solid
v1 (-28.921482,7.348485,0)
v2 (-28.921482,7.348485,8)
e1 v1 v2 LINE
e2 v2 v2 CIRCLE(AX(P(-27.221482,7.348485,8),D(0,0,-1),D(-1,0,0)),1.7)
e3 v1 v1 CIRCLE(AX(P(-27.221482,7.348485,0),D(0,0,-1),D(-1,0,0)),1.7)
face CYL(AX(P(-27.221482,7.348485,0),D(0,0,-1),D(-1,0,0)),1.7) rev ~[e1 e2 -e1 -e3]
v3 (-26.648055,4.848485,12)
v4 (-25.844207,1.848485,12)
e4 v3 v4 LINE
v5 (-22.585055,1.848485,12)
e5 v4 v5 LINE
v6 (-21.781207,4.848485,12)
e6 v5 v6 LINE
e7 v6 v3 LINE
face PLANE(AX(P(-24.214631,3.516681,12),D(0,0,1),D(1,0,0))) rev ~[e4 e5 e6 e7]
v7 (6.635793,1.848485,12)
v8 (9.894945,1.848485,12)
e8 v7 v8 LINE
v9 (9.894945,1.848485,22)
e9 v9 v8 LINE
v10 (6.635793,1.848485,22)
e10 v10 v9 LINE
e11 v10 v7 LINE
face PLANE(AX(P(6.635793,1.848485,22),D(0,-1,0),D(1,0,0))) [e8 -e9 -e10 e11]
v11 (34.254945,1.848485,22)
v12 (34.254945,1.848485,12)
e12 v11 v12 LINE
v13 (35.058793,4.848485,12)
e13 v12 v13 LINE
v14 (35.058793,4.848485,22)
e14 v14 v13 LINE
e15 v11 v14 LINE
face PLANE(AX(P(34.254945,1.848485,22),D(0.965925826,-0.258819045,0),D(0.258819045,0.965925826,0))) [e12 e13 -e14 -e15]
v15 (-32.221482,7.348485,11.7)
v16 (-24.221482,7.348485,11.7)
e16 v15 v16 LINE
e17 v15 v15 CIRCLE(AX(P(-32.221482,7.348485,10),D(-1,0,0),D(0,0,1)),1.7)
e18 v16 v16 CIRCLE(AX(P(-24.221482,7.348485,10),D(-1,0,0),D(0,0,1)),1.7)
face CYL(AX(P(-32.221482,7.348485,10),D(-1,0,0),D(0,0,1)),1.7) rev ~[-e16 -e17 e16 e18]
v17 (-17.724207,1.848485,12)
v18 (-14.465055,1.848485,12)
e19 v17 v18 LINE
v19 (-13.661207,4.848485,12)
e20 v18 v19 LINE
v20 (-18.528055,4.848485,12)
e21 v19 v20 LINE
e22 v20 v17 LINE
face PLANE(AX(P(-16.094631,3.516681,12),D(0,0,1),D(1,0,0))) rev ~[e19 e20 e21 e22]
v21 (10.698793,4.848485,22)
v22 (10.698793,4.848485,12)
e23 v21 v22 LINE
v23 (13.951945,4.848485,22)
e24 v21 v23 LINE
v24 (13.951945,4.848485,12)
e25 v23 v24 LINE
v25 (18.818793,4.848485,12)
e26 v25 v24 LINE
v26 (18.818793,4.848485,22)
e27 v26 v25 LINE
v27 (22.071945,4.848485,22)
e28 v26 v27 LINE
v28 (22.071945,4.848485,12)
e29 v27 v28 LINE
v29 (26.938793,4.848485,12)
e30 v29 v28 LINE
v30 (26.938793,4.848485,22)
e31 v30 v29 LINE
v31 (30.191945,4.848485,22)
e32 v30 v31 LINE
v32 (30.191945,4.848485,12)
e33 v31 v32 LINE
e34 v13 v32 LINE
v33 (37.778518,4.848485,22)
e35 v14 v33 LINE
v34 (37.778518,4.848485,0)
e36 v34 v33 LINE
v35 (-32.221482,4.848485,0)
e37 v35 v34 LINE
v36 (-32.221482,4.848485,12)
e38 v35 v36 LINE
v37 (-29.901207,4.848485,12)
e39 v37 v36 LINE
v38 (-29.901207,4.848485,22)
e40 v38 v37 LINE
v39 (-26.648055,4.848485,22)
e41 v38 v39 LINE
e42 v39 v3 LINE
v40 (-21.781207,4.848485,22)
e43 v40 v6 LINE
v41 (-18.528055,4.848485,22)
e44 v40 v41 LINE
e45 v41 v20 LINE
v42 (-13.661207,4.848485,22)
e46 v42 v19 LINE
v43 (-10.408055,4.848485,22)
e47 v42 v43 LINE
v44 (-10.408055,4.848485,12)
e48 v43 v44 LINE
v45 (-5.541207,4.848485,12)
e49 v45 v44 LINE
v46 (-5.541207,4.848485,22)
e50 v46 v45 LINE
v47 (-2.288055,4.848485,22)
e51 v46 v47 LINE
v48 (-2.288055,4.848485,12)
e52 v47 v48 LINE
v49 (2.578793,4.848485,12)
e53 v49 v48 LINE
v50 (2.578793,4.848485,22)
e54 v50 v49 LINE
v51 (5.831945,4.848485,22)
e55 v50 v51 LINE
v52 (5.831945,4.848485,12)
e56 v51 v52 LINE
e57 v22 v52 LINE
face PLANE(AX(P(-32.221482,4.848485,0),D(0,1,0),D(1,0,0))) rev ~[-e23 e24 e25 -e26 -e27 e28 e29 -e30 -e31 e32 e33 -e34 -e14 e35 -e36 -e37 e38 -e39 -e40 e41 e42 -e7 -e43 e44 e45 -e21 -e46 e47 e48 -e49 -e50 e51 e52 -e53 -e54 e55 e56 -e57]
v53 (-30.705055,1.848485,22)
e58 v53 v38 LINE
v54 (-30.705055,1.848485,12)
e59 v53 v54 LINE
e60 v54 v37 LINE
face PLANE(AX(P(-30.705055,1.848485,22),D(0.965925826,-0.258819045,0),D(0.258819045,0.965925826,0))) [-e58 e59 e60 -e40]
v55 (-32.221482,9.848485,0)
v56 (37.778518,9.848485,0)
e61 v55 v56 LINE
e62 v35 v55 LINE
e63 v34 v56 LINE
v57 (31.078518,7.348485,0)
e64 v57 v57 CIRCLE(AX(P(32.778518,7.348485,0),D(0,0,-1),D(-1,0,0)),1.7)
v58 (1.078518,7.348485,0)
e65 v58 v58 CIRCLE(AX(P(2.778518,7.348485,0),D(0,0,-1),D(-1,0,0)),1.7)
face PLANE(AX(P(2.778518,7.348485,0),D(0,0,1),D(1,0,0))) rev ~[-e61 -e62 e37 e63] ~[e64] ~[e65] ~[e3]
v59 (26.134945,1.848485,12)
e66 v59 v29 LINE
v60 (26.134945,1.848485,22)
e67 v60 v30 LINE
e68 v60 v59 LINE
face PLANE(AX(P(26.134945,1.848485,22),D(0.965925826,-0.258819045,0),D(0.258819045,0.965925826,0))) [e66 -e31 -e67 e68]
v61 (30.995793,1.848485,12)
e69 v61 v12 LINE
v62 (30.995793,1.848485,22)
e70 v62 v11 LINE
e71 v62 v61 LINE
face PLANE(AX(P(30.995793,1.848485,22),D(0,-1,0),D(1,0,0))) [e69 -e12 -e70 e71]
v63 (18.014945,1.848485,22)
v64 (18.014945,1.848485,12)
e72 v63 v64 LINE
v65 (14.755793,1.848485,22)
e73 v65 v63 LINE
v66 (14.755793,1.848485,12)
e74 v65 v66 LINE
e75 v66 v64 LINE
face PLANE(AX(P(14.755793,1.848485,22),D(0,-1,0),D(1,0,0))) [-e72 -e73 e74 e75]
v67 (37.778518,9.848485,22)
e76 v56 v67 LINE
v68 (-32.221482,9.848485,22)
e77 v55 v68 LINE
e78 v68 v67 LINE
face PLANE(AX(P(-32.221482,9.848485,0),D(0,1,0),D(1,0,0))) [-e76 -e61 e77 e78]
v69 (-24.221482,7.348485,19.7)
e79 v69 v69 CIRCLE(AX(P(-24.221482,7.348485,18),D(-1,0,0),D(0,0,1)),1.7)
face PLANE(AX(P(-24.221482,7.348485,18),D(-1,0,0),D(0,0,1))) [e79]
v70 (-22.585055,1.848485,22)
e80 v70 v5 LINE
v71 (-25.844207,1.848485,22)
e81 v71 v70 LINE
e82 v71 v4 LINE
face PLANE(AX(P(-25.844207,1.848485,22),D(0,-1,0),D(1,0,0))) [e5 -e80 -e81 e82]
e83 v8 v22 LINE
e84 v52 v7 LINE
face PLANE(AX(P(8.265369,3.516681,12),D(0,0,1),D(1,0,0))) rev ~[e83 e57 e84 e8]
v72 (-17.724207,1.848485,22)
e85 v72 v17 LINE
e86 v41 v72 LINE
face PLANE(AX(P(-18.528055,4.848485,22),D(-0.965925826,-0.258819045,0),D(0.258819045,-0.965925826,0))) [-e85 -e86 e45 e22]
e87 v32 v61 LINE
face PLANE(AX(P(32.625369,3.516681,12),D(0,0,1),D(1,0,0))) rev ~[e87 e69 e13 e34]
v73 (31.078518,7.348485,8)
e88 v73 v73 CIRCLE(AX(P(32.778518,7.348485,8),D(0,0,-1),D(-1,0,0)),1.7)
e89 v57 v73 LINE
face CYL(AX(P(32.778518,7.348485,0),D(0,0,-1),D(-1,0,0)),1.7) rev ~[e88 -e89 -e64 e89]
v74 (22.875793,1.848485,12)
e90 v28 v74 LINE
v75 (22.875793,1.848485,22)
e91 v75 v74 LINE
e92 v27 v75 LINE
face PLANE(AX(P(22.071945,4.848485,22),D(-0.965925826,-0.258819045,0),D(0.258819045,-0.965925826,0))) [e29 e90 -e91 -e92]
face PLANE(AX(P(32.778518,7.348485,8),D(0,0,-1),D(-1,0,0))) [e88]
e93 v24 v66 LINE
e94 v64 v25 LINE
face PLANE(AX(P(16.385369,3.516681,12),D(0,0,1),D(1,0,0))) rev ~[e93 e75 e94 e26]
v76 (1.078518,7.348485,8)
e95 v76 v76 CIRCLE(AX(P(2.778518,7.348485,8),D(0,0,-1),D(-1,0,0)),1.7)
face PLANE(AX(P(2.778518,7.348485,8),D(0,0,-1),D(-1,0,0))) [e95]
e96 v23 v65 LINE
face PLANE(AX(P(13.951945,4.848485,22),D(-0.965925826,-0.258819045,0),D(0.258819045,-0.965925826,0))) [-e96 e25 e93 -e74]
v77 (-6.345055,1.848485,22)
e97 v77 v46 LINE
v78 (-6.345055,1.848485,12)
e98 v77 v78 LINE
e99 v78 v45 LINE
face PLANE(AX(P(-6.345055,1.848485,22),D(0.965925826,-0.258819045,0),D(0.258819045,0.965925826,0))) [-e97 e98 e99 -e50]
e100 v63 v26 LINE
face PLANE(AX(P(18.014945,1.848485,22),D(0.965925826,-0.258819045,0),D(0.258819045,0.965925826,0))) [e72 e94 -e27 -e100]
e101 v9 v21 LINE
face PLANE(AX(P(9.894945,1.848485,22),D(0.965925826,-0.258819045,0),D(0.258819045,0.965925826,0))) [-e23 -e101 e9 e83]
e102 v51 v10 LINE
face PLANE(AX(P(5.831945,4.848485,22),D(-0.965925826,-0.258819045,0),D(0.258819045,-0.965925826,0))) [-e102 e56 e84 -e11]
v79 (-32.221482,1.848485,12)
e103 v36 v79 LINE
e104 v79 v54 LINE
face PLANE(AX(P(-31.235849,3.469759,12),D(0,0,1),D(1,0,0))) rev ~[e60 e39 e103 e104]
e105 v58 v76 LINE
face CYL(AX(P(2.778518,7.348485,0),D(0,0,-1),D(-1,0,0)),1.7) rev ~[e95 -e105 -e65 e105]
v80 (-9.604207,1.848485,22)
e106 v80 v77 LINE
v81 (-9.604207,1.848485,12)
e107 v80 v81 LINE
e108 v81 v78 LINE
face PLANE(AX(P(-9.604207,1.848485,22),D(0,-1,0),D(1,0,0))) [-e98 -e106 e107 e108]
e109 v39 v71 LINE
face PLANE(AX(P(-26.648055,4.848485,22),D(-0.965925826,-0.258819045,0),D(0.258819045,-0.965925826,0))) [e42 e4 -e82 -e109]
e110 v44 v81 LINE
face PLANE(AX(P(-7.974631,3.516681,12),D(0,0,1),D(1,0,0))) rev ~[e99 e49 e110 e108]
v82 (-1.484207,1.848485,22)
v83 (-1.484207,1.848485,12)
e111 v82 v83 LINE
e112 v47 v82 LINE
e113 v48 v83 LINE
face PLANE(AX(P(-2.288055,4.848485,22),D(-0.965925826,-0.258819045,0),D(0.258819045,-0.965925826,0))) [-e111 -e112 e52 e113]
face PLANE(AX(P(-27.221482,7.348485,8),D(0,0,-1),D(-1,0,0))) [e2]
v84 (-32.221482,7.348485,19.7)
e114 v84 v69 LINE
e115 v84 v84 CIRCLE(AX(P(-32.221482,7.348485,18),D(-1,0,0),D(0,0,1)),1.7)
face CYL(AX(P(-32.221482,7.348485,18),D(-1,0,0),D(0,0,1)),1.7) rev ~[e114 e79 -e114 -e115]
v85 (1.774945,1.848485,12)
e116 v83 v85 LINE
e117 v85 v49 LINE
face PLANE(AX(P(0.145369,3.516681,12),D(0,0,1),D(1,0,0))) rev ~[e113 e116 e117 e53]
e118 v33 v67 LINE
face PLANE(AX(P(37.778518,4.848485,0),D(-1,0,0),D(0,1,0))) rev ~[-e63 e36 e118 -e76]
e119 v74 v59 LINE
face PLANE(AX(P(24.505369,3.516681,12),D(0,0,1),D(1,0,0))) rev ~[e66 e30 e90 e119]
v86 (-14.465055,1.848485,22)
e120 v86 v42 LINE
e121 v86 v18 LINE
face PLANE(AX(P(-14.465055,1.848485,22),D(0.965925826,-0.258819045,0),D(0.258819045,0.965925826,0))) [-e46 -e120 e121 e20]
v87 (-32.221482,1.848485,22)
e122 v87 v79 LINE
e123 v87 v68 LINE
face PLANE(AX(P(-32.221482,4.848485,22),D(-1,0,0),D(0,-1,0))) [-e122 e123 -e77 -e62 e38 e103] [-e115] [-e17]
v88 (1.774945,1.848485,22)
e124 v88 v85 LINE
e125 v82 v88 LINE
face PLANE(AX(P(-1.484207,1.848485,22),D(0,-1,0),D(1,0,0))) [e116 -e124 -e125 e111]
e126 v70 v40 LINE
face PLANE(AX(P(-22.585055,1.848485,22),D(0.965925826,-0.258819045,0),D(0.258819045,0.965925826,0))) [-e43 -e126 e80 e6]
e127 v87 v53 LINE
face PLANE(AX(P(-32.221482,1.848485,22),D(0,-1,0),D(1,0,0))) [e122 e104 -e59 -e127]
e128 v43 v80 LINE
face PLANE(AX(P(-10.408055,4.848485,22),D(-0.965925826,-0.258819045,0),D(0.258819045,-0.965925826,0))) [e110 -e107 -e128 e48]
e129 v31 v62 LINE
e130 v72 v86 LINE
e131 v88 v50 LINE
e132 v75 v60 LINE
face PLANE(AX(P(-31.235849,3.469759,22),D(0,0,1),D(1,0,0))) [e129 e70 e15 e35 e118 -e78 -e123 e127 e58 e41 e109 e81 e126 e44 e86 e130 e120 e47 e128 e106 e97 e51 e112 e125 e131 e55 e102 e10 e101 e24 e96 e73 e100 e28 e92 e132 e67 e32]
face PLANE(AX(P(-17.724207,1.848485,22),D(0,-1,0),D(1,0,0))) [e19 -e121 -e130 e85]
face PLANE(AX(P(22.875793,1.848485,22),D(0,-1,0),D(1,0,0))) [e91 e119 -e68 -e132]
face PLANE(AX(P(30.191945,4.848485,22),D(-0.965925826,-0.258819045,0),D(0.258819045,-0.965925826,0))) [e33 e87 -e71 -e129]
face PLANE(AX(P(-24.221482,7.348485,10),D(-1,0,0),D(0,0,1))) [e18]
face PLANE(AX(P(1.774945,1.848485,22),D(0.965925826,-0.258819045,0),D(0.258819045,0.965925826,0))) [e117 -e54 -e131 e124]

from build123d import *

# Parameters (mm, degrees)
SKETCH_1_W          = 70
SKETCH_1_H          = 5
EXTRUDE_1_DEPTH     = 22
EXTRUDE_2_DEPTH     = 10
SKETCH_3_R          = 1.7
CUT_EXTRUDE_1_DEPTH = 8
SKETCH_5_R          = 1.7
CUT_EXTRUDE_2_DEPTH = 8


with BuildPart() as part:
    # 草圖1 → 填料-伸長1 (new body)
    with BuildSketch(Plane.XY):
        with Locations((2.778517987, 7.348484848)):
            Rectangle(SKETCH_1_W, SKETCH_1_H)
    extrude(amount=EXTRUDE_1_DEPTH)

    # 草圖2 → 填料-伸長2 (add)
    with BuildSketch(Plane.XY.offset(22)):
        Polygon((-32.221482013, 1.848484848), (-30.705054647, 1.848484848), (-29.90120707, 4.848484848), (-32.221482013, 4.848484848), align=None)
        Polygon((-25.84420707, 1.848484848), (-22.585054647, 1.848484848), (-21.78120707, 4.848484848), (-26.648054647, 4.848484848), align=None)
        Polygon((-18.528054647, 4.848484848), (-17.72420707, 1.848484848), (-14.465054647, 1.848484848), (-13.66120707, 4.848484848), align=None)
        Polygon((-10.408054647, 4.848484848), (-9.60420707, 1.848484848), (-6.345054647, 1.848484848), (-5.54120707, 4.848484848), align=None)
        Polygon((-2.288054647, 4.848484848), (-1.48420707, 1.848484848), (1.774945353, 1.848484848), (2.57879293, 4.848484848), align=None)
        Polygon((5.831945353, 4.848484848), (6.63579293, 1.848484848), (9.894945353, 1.848484848), (10.69879293, 4.848484848), align=None)
        Polygon((13.951945353, 4.848484848), (14.75579293, 1.848484848), (18.014945353, 1.848484848), (18.81879293, 4.848484848), align=None)
        Polygon((22.071945353, 4.848484848), (22.87579293, 1.848484848), (26.134945353, 1.848484848), (26.93879293, 4.848484848), align=None)
        Polygon((30.191945353, 4.848484848), (30.99579293, 1.848484848), (34.254945353, 1.848484848), (35.05879293, 4.848484848), align=None)
    extrude(amount=-EXTRUDE_2_DEPTH)

    # 草圖3 → 除料-伸長1 (cut)
    with BuildSketch(Plane(origin=(0, 0, 0), x_dir=(-1, 0, 0), z_dir=(0, 0, -1))):
        with Locations((-32.778517987, 7.348484848)):
            Circle(SKETCH_3_R)
        with Locations((-2.778517987, 7.348484848)):
            Circle(SKETCH_3_R)
        with Locations((27.221482013, 7.348484848)):
            Circle(SKETCH_3_R)
    extrude(amount=-CUT_EXTRUDE_1_DEPTH, mode=Mode.SUBTRACT)

    # 草圖5 → 除料-伸長2 (cut)
    with BuildSketch(Plane.ZY.offset(32.221482013)):
        with Locations((10, 7.348484848)):
            Circle(SKETCH_5_R)
        with Locations((18, 7.348484848)):
            Circle(SKETCH_5_R)
    extrude(amount=-CUT_EXTRUDE_2_DEPTH, mode=Mode.SUBTRACT)


solid = part.part
